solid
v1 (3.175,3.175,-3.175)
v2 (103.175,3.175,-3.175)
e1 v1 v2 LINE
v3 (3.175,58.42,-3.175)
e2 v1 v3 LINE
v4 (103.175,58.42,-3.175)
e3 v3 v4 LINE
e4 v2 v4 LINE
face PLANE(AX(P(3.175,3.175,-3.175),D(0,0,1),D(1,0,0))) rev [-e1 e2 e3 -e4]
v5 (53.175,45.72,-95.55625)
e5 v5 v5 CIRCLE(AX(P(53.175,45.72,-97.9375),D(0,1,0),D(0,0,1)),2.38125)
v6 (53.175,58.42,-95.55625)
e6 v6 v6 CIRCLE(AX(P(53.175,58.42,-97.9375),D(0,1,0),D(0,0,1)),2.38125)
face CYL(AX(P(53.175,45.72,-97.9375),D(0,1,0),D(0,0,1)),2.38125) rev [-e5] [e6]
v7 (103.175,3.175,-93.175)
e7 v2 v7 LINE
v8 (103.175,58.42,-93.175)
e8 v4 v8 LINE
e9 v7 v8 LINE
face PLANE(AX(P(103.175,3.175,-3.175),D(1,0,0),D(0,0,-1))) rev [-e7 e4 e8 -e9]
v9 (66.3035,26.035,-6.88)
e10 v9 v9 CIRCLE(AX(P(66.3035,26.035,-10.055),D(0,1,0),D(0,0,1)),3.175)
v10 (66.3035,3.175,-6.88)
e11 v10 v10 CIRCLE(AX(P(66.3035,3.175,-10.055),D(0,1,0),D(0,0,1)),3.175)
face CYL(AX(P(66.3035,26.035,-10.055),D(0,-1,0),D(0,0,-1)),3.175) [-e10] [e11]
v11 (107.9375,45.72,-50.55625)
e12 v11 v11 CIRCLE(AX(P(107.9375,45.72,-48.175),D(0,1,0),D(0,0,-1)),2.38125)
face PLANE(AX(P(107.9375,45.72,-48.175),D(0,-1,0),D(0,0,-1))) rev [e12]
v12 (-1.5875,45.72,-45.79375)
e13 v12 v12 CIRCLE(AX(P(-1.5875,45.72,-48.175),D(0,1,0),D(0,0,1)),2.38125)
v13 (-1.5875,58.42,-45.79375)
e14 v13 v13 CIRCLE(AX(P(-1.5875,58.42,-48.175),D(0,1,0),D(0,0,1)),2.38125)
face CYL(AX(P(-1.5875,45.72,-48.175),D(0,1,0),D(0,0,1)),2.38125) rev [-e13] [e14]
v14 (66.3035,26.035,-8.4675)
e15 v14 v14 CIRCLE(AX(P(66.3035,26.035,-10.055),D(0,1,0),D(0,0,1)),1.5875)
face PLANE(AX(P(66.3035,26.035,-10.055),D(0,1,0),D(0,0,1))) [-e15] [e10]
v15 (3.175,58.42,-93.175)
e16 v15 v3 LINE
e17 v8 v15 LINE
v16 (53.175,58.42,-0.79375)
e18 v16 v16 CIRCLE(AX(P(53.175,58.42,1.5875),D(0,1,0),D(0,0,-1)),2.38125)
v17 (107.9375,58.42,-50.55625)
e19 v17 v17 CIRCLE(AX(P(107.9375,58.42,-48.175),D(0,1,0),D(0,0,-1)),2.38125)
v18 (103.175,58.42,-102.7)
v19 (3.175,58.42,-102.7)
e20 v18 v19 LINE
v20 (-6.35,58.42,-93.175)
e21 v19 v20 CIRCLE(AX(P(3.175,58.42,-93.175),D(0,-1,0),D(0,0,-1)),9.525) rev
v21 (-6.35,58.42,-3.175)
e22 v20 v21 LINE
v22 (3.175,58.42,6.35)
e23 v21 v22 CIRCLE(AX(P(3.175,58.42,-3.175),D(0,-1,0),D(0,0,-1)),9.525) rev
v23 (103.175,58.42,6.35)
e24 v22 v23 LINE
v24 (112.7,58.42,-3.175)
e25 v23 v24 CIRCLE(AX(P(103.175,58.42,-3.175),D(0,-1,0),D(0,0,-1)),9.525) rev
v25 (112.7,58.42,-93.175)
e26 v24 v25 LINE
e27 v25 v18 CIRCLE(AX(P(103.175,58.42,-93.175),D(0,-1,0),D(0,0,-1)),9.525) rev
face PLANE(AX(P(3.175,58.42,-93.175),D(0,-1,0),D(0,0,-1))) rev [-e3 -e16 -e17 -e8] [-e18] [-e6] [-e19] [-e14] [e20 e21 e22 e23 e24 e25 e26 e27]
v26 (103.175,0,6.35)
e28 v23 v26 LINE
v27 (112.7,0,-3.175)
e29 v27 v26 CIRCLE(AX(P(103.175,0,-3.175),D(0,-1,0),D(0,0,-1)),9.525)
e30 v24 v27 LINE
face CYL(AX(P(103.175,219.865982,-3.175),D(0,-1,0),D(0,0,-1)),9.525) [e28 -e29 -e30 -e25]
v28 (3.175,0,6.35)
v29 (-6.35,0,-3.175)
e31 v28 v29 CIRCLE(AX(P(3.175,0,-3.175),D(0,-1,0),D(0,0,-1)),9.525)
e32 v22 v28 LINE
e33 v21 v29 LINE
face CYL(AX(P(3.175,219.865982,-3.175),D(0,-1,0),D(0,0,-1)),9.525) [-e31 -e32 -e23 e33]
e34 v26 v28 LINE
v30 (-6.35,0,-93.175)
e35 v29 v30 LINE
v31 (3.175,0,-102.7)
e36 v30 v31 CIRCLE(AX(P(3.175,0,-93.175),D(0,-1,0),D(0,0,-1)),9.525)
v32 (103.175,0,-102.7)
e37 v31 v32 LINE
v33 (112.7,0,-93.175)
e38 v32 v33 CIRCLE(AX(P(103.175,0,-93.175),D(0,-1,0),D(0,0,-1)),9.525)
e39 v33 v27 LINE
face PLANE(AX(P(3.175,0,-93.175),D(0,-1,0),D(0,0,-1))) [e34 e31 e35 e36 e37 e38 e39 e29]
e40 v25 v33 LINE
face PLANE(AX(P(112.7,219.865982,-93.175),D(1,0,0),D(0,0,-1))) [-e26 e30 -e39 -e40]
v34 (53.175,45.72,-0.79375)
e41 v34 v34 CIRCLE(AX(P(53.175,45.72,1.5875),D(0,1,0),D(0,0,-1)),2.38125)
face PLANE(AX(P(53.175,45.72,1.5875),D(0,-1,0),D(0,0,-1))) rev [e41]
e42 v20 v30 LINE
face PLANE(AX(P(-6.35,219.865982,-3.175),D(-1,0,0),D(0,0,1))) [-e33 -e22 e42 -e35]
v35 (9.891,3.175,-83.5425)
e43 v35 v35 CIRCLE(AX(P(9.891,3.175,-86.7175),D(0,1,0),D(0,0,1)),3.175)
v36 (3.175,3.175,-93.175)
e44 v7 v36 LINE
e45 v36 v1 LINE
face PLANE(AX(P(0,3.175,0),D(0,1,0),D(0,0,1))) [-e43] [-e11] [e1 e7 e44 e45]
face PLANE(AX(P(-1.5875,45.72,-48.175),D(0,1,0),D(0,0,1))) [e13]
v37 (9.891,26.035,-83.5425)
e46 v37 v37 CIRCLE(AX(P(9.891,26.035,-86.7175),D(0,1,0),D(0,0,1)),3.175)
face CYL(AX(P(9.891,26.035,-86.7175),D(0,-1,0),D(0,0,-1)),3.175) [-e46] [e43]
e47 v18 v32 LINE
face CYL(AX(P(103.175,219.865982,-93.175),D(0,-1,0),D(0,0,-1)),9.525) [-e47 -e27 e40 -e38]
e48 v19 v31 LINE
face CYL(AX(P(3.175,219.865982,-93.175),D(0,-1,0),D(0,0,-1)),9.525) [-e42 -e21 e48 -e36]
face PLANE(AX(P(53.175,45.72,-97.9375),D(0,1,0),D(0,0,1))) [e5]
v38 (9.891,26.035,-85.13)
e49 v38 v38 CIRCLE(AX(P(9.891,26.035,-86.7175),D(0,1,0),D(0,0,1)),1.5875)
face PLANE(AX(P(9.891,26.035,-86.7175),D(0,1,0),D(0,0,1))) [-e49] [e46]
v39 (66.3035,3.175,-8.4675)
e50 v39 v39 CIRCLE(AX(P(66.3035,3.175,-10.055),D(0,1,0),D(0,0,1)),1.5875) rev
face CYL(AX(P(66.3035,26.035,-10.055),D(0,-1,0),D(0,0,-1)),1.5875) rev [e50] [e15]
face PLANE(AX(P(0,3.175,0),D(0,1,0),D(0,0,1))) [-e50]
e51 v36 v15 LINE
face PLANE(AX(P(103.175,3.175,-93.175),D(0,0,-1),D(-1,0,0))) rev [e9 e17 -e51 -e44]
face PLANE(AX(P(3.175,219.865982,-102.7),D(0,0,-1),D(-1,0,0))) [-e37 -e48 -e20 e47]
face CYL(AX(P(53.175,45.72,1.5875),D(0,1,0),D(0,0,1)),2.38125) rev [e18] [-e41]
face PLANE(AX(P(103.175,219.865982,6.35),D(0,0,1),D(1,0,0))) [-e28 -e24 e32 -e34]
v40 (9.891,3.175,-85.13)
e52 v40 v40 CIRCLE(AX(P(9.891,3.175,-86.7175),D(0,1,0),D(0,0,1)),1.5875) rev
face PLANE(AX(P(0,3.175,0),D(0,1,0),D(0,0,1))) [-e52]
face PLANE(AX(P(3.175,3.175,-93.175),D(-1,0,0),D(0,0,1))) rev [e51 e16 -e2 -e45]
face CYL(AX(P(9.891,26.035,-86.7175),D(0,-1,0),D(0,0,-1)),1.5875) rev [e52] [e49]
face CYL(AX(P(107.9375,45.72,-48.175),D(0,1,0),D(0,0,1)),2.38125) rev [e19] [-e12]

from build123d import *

# Parameters (mm, degrees)
BOSS_EXTRUDE1_DEPTH = 58.42
SKETCH3_W           = 99.999999898
SKETCH3_H           = 90.000000086
CUT_EXTRUDE1_DEPTH  = 55.245
SKETCH5_R           = 3.175
SKETCH5_R_2         = 1.5875
BOSS_EXTRUDE2_DEPTH = 22.86
BOSS_EXTRUDE3_DEPTH = 58.42
SKETCH8_R           = 2.38125
CUT_EXTRUDE2_DEPTH  = 12.7


with BuildPart() as part:
    # Sketch1 → Boss-Extrude1 (new body)
    with BuildSketch(Plane(origin=(0, 0, 0), x_dir=(1, 0, 0), z_dir=(0, 1, 0))):
        with BuildLine():
            Line((3.175, 0), (103.174999898, 0))
            ThreePointArc((103.174999898, 0), (105.420063928, 0.92993597), (106.349999898, 3.175))
            Line((106.349999898, 3.175), (106.349999898, 93.175000086))
            ThreePointArc((106.349999898, 93.175000086), (105.420063928, 95.420064116), (103.174999898, 96.350000086))
            Line((103.174999898, 96.350000086), (3.175, 96.350000086))
            ThreePointArc((3.175, 96.350000086), (0.92993597, 95.420064116), (0, 93.175000086))
            Line((0, 93.175000086), (0, 3.175))
            ThreePointArc((0, 3.175), (0.92993597, 0.92993597), (3.175, 0))
        make_face()
    extrude(amount=BOSS_EXTRUDE1_DEPTH)

    # Sketch3 → Cut-Extrude1 (cut)
    with BuildSketch(Plane(origin=(0, 58.42, 0), x_dir=(1, 0, 0), z_dir=(0, 1, 0))):
        with Locations((53.174999949, 48.175000043)):
            Rectangle(SKETCH3_W, SKETCH3_H)
    extrude(amount=-CUT_EXTRUDE1_DEPTH, mode=Mode.SUBTRACT)

    # Sketch5 → Boss-Extrude2 (add)
    # profile 1 of 2: a face of its own
    with BuildSketch(Plane(origin=(0, 3.175, 0), x_dir=(1, 0, 0), z_dir=(0, 1, 0))):
        with Locations(Location((66.303499949, 10.055000043, 0), (0, 0, 270))):
            Circle(SKETCH5_R)
        with Locations(Location((66.303499949, 10.055000043, 0), (0, 0, 270))):
            Circle(SKETCH5_R_2, mode=Mode.SUBTRACT)
    # profile 2 of 2: a face of its own
    with BuildSketch(Plane(origin=(0, 3.175, 0), x_dir=(1, 0, 0), z_dir=(0, 1, 0))):
        with Locations(Location((9.890999949, 86.717500043, 0), (0, 0, 270))):
            Circle(SKETCH5_R)
        with Locations(Location((9.890999949, 86.717500043, 0), (0, 0, 270))):
            Circle(SKETCH5_R_2, mode=Mode.SUBTRACT)
    extrude(amount=BOSS_EXTRUDE2_DEPTH)

    # Sketch7 → Boss-Extrude3 (add)
    with BuildSketch(Plane.XZ):
        with BuildLine():
            Line((3.175, -102.700000086), (103.174999898, -102.700000086))
            ThreePointArc((103.174999898, -102.700000086), (109.910191989, -99.910192177), (112.699999898, -93.175000086))
            Line((112.699999898, -93.175000086), (112.699999898, -3.175))
            ThreePointArc((112.699999898, -3.175), (109.910191989, 3.560192091), (103.174999898, 6.35))
            Line((103.174999898, 6.35), (3.175, 6.35))
            ThreePointArc((3.175, 6.35), (-3.560192091, 3.560192091), (-6.35, -3.175))
            Line((-6.35, -3.175), (-6.35, -93.175000086))
            ThreePointArc((-6.35, -93.175000086), (-3.560192091, -99.910192177), (3.175, -102.700000086))
        make_face()
        with BuildLine():
            Line((3.175, -96.350000086), (103.174999898, -96.350000086))
            ThreePointArc((103.174999898, -96.350000086), (105.420063928, -95.420064116), (106.349999898, -93.175000086))
            Line((106.349999898, -93.175000086), (106.349999898, -3.175))
            ThreePointArc((106.349999898, -3.175), (105.420063928, -0.92993597), (103.174999898, 0))
            Line((103.174999898, 0), (3.175, 0))
            ThreePointArc((3.175, 0), (0.92993597, -0.92993597), (0, -3.175))
            Line((0, -3.175), (0, -93.175000086))
            ThreePointArc((0, -93.175000086), (0.92993597, -95.420064116), (3.175, -96.350000086))
        make_face(mode=Mode.SUBTRACT)
    extrude(amount=-BOSS_EXTRUDE3_DEPTH)

    # Sketch8 → Cut-Extrude2 (cut)
    with BuildSketch(Plane(origin=(0, 58.42, 0), x_dir=(1, 0, 0), z_dir=(0, 1, 0))):
        with Locations(Location((-1.5875, 48.175000043, 0), (0, 0, 270))):
            Circle(SKETCH8_R)
        with Locations(Location((53.174999949, 97.937500086, 0), (0, 0, 270))):
            Circle(SKETCH8_R)
        with Locations(Location((107.937499898, 48.175000043, 0), (0, 0, 90))):
            Circle(SKETCH8_R)
        with Locations(Location((53.174999949, -1.5875, 0), (0, 0, 90))):
            Circle(SKETCH8_R)
    extrude(amount=-CUT_EXTRUDE2_DEPTH, mode=Mode.SUBTRACT)


solid = part.part
